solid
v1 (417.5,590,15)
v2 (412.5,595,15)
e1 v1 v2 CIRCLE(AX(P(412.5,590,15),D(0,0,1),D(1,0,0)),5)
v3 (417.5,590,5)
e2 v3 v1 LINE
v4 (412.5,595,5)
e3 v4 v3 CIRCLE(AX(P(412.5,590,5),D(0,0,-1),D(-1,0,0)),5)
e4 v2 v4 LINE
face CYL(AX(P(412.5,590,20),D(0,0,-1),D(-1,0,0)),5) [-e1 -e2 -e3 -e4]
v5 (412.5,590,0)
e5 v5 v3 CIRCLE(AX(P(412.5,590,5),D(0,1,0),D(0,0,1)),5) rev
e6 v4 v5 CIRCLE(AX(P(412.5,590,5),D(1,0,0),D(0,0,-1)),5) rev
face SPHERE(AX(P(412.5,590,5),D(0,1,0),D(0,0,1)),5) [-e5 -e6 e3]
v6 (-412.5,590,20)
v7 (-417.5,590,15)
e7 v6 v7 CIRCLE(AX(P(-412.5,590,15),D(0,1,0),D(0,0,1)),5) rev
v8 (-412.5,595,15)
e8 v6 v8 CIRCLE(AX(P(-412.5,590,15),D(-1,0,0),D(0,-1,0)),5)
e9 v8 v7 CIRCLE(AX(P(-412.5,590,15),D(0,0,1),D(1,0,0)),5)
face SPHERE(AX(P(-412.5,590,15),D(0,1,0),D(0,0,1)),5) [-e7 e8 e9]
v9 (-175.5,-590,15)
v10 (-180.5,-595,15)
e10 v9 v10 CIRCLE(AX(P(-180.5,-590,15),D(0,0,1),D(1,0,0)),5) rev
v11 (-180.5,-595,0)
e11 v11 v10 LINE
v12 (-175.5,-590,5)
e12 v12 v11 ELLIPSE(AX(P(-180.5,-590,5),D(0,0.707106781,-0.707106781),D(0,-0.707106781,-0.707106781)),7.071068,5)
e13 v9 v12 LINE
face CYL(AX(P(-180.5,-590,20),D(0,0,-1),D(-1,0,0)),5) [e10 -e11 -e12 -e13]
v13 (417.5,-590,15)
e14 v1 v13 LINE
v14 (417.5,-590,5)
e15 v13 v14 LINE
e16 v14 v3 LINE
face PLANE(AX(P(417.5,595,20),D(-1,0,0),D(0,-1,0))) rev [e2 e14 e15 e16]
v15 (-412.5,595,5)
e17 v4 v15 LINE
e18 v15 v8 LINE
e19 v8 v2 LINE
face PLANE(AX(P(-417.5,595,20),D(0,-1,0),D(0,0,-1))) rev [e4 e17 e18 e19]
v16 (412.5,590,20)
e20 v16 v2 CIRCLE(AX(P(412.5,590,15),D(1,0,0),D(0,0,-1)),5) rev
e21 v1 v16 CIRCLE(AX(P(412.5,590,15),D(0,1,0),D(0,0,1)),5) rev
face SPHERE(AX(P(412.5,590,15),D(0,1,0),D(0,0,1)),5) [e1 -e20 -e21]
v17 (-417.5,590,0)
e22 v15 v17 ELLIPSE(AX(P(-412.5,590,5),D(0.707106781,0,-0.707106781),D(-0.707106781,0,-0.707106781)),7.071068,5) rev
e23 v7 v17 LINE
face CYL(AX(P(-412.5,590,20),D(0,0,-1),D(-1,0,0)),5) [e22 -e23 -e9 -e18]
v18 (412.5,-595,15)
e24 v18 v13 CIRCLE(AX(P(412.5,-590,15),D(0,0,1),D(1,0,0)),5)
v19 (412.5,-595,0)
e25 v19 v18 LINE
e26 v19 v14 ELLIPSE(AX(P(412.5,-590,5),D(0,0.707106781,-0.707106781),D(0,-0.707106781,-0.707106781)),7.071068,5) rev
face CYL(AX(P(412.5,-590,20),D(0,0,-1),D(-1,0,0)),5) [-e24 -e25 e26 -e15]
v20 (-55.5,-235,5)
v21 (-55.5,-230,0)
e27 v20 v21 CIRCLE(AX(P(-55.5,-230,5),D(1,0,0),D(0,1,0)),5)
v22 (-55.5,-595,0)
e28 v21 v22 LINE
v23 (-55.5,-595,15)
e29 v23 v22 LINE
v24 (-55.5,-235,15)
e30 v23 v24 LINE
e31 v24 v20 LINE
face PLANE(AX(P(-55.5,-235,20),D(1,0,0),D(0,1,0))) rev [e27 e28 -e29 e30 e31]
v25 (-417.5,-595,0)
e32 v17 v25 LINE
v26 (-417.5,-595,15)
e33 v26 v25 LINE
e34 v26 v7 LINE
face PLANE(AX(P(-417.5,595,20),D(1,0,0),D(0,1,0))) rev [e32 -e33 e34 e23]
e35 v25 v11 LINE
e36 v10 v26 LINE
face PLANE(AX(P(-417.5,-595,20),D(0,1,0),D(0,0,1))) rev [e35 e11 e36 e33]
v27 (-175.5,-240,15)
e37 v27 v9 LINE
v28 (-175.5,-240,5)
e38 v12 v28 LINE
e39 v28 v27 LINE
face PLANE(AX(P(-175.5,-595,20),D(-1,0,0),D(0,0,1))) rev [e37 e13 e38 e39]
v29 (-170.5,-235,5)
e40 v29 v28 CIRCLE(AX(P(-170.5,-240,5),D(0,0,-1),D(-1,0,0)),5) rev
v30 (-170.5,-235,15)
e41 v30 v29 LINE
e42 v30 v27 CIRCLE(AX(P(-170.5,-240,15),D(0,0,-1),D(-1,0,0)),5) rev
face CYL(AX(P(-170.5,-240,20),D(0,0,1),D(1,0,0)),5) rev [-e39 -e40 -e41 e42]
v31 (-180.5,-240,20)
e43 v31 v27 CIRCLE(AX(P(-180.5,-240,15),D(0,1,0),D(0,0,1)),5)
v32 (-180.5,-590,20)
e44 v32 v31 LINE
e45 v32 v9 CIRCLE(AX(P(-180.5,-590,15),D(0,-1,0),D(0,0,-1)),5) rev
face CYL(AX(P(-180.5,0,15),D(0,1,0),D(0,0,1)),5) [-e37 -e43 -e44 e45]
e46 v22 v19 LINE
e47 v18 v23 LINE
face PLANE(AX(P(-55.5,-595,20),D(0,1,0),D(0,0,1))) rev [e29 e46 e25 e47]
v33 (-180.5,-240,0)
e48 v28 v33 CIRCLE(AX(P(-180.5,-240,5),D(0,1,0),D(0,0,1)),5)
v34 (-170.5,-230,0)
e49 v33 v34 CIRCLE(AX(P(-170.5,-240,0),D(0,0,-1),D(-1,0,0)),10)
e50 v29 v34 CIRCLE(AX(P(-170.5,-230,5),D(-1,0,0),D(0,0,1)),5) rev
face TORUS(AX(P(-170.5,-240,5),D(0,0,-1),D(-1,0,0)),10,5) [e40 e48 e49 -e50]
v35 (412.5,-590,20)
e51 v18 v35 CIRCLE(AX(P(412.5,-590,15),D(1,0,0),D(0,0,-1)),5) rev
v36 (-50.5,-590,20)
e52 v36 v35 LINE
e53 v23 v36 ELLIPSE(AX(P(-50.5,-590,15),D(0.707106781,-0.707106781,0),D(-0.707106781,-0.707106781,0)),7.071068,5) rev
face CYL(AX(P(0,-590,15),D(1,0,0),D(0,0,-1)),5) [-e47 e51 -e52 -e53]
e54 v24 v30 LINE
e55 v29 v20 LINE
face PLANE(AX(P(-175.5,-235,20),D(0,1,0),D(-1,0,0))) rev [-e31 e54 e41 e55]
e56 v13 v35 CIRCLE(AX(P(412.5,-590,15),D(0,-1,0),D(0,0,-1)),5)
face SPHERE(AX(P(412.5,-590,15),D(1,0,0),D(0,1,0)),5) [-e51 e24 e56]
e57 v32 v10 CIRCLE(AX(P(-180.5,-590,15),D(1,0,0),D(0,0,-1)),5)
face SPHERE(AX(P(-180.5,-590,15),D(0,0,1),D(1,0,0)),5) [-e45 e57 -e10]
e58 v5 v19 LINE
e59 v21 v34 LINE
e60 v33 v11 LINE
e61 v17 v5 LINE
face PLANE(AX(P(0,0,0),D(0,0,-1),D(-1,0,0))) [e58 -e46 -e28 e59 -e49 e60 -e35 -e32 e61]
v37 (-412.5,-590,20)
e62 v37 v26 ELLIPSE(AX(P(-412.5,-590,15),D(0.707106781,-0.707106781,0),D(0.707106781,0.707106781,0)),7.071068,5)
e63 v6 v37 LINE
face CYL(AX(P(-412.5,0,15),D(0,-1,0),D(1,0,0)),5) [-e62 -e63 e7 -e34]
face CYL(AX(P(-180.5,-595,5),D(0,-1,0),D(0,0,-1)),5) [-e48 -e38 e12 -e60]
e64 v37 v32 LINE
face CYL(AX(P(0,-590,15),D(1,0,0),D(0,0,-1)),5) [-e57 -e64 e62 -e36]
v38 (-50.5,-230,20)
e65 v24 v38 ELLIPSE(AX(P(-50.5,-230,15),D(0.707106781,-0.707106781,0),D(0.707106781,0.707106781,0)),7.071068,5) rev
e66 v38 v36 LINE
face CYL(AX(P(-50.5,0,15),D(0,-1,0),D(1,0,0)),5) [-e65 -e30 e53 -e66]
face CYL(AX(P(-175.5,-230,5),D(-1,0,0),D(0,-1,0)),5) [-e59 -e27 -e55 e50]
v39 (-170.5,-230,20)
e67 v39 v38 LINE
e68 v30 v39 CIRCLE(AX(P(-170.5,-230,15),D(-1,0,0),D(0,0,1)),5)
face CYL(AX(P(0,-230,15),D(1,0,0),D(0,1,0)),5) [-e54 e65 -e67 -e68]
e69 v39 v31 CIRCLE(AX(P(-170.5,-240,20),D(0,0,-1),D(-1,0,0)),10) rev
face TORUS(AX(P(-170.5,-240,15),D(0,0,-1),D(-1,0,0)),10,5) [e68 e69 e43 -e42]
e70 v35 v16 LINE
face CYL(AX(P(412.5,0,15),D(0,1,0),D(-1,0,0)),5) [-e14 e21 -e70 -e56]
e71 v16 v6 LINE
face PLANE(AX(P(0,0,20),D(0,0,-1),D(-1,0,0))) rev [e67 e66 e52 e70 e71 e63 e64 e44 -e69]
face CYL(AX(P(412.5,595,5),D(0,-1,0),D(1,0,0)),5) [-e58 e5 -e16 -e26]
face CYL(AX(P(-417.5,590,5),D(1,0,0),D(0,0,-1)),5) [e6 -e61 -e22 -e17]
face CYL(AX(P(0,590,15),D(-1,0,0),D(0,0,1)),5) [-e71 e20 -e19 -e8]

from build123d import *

# Parameters (mm, degrees)
BOSS_EXTRUDE1_DEPTH = 20
FILLET1_R           = 5


with BuildPart() as part:
    # Sketch1 → Boss-Extrude1 (new body)
    with BuildSketch(Plane.XY):
        Polygon((-175.5, -595), (-175.5, -235), (-55.5, -235), (-55.5, -595), (417.5, -595), (417.5, 595), (-417.5, 595), (-417.5, -595), align=None)
    extrude(amount=BOSS_EXTRUDE1_DEPTH)

    # Fillet1
    fillet1_edges = [part.edges().sort_by_distance(p)[0] for p in [
        (0, 595, 0),
        (417.5, 0, 0),
        (0, 595, 20),
        (-175.5, -235, 10),
        (-175.5, -595, 10),
        (-417.5, 595, 10),
        (417.5, 595, 10),
        (417.5, -595, 10),
        (-417.5, 0, 20),
        (-296.5, -595, 20),
        (-175.5, -415, 20),
        (-115.5, -235, 20),
        (-55.5, -415, 20),
        (181, -595, 20),
        (417.5, 0, 20),
        (-115.5, -235, 0),
        (-175.5, -415, 0),
    ]]
    fillet(fillet1_edges, radius=FILLET1_R)


solid = part.part
